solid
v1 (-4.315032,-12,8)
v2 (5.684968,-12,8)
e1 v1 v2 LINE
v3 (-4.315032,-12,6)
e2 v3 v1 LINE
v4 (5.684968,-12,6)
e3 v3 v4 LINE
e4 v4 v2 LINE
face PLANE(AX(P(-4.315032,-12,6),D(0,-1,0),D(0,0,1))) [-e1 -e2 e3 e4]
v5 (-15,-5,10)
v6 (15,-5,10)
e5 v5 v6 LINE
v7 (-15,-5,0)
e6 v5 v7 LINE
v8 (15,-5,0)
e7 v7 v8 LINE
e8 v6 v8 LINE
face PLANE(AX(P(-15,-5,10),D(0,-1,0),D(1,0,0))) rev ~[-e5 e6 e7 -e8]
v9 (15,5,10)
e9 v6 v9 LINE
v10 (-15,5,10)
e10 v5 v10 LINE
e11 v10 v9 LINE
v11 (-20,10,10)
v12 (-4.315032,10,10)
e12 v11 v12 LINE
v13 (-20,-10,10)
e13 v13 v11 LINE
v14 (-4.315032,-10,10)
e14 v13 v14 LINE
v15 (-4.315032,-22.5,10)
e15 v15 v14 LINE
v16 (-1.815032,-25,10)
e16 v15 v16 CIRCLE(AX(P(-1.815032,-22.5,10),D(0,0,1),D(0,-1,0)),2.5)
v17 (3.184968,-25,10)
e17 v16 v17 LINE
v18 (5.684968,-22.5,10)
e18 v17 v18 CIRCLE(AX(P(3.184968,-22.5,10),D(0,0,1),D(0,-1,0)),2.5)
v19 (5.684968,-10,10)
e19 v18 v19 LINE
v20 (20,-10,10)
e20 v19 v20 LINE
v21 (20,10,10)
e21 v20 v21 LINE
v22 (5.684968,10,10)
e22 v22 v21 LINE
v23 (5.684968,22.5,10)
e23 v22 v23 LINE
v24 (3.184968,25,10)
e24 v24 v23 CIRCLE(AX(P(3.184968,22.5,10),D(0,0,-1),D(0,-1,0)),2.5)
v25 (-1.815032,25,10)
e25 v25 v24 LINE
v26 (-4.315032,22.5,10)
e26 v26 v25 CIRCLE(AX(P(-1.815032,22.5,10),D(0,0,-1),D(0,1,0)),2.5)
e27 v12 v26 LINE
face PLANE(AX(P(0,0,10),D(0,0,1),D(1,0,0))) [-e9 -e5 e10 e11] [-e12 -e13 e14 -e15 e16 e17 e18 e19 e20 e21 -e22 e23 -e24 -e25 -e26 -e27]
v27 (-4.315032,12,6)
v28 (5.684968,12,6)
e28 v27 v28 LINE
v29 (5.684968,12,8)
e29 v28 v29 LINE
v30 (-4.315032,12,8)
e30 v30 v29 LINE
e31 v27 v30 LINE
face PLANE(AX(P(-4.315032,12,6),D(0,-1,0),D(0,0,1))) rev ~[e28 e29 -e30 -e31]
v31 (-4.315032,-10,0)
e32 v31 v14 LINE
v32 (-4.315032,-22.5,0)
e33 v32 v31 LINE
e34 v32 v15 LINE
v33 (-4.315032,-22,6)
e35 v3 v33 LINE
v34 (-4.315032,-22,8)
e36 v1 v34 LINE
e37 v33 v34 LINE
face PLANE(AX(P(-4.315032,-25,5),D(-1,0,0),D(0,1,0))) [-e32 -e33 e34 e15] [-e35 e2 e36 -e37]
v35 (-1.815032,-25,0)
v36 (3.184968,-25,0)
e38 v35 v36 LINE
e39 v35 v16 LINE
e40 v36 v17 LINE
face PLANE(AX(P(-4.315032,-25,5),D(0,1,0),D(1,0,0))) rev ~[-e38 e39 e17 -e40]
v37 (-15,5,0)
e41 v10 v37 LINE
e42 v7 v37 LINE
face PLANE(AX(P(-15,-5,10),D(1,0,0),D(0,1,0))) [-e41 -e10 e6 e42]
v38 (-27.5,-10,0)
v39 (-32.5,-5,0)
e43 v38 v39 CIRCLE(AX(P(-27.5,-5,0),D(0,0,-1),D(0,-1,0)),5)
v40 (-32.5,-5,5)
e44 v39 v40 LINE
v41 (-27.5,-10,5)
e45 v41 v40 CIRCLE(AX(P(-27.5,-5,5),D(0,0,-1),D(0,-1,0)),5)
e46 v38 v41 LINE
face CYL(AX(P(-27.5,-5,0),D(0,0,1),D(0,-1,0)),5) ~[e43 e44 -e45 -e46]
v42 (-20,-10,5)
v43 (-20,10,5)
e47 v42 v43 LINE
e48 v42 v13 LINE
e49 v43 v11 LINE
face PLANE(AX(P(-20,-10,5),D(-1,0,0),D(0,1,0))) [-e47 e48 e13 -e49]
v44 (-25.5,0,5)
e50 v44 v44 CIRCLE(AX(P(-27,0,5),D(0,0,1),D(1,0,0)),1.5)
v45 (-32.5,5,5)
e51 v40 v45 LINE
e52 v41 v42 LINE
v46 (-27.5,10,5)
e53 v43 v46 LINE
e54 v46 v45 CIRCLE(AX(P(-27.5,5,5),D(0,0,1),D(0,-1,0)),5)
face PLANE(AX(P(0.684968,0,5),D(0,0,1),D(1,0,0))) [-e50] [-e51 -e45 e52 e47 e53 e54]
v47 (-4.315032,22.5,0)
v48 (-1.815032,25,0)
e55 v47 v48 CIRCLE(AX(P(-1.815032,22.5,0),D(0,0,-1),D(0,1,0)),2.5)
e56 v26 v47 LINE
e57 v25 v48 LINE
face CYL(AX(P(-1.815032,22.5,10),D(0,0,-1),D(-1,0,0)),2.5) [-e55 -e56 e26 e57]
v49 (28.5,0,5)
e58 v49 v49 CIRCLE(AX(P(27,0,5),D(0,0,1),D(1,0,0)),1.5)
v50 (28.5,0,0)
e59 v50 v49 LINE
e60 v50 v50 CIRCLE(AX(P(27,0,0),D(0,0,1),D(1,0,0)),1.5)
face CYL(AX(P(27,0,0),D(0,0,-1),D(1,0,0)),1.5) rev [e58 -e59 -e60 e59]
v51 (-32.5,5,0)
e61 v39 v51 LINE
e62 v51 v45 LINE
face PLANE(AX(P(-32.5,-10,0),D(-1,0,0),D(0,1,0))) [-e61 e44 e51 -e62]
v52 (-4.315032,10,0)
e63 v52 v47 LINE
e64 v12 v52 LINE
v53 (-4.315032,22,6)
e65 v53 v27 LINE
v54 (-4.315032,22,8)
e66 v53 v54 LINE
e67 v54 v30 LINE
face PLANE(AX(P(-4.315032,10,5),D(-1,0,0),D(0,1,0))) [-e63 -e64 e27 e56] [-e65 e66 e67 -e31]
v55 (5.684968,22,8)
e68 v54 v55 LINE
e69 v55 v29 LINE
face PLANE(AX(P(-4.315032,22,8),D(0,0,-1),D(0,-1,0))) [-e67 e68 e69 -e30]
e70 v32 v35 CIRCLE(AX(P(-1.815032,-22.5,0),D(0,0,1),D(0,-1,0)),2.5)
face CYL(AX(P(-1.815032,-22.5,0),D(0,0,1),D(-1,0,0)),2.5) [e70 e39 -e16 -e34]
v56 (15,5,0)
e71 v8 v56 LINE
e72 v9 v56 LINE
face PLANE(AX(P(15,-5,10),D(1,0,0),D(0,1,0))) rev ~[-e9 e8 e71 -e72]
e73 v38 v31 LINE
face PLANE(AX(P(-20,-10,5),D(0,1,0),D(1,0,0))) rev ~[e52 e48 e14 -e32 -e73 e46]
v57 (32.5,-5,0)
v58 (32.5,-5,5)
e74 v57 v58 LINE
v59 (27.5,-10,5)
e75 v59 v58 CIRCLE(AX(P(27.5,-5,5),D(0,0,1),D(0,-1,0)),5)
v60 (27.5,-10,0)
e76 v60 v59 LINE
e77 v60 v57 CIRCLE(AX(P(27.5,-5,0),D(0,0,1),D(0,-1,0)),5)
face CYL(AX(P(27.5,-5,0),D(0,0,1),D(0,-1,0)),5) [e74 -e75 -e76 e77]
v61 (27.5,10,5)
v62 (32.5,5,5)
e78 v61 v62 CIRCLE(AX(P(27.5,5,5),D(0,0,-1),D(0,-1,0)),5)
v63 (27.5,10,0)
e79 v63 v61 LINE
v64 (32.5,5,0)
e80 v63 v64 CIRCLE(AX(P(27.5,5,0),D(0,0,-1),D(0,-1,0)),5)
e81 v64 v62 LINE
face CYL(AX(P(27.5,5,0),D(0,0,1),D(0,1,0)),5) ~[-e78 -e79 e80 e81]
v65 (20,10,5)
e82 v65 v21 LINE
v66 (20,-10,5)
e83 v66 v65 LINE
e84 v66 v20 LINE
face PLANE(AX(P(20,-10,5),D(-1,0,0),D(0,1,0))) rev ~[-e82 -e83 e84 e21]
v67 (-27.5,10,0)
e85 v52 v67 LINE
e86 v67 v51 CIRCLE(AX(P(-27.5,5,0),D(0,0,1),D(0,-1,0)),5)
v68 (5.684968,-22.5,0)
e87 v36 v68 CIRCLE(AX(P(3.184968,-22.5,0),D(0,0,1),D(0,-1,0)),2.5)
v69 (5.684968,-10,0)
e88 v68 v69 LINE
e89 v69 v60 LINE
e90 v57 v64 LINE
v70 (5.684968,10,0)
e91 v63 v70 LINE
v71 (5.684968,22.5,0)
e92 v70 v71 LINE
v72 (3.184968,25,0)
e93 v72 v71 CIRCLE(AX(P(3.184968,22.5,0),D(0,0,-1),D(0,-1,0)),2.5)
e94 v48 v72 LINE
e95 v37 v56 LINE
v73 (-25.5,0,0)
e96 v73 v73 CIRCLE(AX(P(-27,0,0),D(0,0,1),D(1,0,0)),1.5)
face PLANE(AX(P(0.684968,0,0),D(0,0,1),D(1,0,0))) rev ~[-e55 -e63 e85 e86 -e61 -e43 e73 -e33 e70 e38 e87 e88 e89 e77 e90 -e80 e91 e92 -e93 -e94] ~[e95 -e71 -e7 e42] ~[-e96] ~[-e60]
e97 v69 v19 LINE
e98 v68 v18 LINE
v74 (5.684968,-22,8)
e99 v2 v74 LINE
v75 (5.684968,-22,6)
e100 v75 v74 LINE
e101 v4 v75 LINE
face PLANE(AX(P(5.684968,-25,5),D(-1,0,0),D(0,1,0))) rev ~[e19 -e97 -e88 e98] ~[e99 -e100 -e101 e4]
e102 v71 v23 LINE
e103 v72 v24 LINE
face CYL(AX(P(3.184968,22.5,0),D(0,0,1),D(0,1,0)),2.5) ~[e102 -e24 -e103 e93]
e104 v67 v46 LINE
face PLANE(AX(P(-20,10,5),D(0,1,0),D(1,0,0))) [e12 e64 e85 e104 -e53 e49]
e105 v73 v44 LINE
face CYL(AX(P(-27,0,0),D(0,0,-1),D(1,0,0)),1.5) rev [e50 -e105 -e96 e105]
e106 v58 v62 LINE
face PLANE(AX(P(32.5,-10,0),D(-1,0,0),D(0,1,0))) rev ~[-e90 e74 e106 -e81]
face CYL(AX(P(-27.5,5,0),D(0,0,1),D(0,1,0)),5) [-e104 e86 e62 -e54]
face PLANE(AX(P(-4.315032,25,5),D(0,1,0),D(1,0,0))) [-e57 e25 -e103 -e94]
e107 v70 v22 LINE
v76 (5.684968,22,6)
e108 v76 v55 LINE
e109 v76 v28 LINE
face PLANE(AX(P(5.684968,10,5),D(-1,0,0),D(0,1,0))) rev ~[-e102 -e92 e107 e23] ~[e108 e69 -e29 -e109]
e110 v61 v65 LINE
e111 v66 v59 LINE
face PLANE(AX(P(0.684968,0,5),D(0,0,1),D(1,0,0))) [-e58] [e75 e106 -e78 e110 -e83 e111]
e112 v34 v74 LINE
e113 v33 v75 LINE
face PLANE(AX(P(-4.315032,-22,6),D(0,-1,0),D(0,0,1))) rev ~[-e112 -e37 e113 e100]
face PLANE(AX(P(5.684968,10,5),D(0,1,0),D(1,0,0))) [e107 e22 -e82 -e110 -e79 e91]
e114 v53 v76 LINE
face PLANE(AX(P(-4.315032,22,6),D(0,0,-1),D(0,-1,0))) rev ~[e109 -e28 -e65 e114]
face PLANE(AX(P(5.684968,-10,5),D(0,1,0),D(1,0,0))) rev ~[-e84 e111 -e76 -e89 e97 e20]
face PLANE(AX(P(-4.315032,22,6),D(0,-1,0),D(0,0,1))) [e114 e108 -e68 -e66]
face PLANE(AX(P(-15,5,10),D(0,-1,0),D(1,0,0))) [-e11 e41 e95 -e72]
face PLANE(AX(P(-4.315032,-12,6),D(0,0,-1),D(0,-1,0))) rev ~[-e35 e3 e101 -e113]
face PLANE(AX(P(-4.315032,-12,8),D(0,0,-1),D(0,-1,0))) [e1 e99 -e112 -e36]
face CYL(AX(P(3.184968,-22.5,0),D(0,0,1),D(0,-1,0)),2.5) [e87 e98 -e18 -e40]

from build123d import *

# Parameters (mm, degrees)
F0_W     = 10
F0_H     = 20
F0_W_2   = 28.184968
F0_R     = 1.5
F0_W_3   = 26.815032
F0_H_2   = 15
F1_DEPTH = 5
F2_W     = 40
F2_H     = 20
F2_W_2   = 10
F2_H_2   = 15
F3_DEPTH = 5
F4_W     = 10
F4_H     = 2
F5_DEPTH = 10
F6_W     = 30
F6_H     = 10
F7_DEPTH = 25
F8_R     = 5
F9_R     = 2.5


with BuildPart() as f1:
    # F0 (on Top) → F1 (new body)
    with BuildSketch(Plane.XY):
        with Locations((0.684968, 0)):
            Rectangle(F0_W, F0_H)
        with Locations((-18.407516, 0)):
            Rectangle(F0_W_2, F0_H)
        with Locations((-27, 0)):
            Circle(F0_R, mode=Mode.SUBTRACT)
        with Locations((19.092484, 0)):
            Rectangle(F0_W_3, F0_H)
        with Locations((27, 0)):
            Circle(F0_R, mode=Mode.SUBTRACT)
        with Locations((0.684968, 17.5)):
            Rectangle(F0_W, F0_H_2)
        with Locations((0.684968, -17.5)):
            Rectangle(F0_W, F0_H_2)
    extrude(amount=F1_DEPTH)

    # F2 (on face) → F3 (join)
    with BuildSketch(Plane.XY.offset(5)):
        Rectangle(F2_W, F2_H)
        with Locations((0.684968, 17.5)):
            Rectangle(F2_W_2, F2_H_2)
        with Locations((0.684968, -17.5)):
            Rectangle(F2_W_2, F2_H_2)
    extrude(amount=F3_DEPTH)

    # F4 (on face) → F5 (cut)
    with BuildSketch(Plane(origin=(-4.315032, 0, 0), x_dir=(0, -1, 0), z_dir=(-1, 0, 0))):
        with Locations((-17, 7)):
            Rectangle(F4_W, F4_H)
        with Locations((17, 7)):
            Rectangle(F4_W, F4_H)
    extrude(amount=-F5_DEPTH, mode=Mode.SUBTRACT)

    # F6 (on face) → F7 (cut)
    with BuildSketch(Plane.XY.offset(10)):
        Rectangle(F6_W, F6_H)
    extrude(amount=-F7_DEPTH, mode=Mode.SUBTRACT)

    # F8
    f8_edges = [f1.edges().sort_by_distance(p)[0] for p in [
        (-32.5, -10, 2.5),
        (-32.5, 10, 2.5),
        (32.5, 10, 2.5),
        (32.5, -10, 2.5),
    ]]
    fillet(f8_edges, radius=F8_R)

    # F9
    f9_edges = [f1.edges().sort_by_distance(p)[0] for p in [
        (-4.315032, -25, 5),
        (5.684968, -25, 5),
        (5.684968, 25, 5),
        (-4.315032, 25, 5),
    ]]
    fillet(f9_edges, radius=F9_R)


solid = f1.part
